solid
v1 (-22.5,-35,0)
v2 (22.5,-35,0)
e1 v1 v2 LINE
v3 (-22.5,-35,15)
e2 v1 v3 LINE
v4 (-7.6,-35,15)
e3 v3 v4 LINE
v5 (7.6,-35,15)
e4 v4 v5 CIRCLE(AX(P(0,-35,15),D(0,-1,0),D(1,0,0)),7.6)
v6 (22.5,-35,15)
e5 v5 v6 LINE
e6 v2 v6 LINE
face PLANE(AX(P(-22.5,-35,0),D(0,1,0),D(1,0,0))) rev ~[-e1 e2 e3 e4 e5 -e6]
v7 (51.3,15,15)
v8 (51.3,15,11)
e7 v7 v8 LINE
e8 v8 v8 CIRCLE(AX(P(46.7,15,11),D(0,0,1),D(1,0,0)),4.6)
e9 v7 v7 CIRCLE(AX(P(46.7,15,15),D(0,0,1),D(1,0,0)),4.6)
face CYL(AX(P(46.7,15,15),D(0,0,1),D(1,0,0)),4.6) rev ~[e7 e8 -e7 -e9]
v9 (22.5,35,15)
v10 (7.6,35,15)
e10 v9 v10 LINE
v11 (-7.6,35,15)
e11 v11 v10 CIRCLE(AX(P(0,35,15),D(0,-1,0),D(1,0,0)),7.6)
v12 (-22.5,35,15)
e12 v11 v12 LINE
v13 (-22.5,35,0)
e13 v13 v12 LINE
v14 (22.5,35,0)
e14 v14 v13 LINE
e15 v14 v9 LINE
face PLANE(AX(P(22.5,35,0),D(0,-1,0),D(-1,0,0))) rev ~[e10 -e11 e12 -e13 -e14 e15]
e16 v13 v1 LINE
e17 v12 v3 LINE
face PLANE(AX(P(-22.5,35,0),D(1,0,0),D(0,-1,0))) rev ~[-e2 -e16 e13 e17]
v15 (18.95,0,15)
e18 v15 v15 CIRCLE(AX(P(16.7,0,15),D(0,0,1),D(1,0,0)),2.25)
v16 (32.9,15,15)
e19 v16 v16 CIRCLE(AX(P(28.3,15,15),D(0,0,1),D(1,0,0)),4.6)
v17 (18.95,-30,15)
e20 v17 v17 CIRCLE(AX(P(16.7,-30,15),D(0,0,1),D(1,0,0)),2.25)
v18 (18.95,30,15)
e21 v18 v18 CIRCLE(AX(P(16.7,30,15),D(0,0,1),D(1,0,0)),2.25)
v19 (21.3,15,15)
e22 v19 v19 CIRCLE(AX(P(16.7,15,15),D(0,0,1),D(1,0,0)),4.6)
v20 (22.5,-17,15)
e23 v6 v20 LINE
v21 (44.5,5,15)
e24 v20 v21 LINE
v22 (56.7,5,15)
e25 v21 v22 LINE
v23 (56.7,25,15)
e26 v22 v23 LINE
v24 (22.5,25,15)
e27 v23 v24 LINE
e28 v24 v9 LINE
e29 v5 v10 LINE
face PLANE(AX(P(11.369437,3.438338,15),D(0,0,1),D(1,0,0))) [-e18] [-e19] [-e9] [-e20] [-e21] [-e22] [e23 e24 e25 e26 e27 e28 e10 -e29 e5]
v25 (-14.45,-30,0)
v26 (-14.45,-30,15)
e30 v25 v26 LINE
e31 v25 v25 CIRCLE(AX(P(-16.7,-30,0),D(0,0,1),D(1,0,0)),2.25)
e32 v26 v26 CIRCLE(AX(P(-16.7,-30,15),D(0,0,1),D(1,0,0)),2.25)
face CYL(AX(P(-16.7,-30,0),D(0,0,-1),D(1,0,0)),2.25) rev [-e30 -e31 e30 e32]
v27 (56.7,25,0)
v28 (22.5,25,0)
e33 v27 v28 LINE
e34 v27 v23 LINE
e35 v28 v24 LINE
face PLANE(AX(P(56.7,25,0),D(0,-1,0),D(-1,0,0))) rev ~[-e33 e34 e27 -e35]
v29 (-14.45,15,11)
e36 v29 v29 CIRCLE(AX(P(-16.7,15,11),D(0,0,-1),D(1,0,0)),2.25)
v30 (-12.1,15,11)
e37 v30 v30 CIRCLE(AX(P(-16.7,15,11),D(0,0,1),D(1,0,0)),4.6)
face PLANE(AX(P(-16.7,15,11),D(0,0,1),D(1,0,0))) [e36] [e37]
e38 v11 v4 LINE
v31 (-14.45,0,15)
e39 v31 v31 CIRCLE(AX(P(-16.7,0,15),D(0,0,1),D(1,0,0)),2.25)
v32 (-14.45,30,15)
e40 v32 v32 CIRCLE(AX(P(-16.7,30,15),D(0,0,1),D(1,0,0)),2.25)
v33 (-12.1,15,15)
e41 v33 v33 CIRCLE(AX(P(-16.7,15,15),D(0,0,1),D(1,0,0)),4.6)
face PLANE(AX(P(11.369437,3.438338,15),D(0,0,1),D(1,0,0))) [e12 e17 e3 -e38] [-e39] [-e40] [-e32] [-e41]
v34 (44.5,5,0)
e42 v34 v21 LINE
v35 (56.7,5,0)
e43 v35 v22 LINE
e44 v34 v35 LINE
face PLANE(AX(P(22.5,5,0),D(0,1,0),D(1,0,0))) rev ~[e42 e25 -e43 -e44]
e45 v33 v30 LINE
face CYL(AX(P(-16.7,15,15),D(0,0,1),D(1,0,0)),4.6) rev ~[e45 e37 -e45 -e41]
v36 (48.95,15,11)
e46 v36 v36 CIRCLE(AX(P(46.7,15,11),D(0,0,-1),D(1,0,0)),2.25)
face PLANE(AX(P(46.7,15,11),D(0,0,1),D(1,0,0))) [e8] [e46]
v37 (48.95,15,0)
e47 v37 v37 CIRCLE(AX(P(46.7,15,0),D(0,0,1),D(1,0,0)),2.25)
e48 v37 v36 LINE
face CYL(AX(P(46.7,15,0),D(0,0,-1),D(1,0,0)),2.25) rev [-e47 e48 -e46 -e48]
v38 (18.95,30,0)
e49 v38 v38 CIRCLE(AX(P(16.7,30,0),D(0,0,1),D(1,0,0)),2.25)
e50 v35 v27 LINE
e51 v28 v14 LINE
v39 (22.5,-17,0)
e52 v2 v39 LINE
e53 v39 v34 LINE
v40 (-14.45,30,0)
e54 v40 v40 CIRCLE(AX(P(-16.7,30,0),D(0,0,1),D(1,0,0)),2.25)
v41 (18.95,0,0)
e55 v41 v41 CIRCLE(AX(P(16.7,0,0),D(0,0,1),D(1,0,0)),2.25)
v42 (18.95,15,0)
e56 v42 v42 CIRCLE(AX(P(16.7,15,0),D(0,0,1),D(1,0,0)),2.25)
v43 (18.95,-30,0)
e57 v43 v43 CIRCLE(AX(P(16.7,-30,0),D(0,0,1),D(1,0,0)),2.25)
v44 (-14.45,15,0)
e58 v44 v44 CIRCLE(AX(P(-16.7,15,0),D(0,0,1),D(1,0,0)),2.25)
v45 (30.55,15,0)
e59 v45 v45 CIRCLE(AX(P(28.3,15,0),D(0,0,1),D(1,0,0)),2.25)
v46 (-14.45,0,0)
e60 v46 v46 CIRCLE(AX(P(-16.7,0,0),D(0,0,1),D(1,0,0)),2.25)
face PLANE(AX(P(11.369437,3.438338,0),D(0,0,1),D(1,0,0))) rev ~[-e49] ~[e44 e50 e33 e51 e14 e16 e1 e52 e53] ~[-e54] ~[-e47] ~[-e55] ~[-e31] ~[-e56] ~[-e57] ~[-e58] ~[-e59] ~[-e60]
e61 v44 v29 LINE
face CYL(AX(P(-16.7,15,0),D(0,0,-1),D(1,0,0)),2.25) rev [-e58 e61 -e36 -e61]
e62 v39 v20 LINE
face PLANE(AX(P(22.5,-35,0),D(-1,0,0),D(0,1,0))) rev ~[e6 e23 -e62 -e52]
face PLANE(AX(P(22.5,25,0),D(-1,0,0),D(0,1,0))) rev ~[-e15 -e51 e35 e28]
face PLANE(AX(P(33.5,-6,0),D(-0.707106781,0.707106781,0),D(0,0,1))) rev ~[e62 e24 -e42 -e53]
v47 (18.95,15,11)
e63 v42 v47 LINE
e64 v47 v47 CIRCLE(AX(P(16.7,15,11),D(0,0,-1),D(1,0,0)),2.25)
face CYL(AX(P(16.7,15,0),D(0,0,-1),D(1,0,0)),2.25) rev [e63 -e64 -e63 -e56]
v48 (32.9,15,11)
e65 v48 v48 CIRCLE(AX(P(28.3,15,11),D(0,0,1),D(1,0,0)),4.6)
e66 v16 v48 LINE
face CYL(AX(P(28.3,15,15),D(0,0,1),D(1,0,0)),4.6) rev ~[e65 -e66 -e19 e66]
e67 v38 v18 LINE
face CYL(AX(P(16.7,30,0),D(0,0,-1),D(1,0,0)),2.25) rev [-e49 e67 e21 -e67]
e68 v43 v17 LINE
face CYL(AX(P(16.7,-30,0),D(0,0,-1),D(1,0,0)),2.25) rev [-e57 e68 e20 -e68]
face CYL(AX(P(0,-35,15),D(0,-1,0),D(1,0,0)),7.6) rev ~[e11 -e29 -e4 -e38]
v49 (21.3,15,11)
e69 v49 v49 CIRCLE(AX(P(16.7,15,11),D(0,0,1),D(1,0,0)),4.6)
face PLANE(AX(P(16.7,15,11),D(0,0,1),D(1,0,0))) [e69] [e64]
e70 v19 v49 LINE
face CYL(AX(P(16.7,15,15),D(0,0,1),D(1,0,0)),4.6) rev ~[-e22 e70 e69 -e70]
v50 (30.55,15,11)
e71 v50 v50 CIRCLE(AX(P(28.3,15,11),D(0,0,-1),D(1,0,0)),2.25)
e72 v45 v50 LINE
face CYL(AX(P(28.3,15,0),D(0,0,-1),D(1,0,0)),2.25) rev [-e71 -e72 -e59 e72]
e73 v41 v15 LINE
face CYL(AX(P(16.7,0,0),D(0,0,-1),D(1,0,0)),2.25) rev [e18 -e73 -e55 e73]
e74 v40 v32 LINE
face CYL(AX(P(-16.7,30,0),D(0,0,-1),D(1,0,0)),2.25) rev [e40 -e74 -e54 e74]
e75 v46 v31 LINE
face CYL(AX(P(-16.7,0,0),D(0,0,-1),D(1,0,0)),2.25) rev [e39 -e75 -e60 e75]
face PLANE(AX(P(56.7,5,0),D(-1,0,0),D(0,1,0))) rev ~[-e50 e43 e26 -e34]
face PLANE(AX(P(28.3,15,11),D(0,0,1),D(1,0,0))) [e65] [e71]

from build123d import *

# Parameters (mm, degrees)
SKETCH_R        = 2.25
PAD_DEPTH       = 15
SKETCH001_R     = 7.6
POCKET_DEPTH    = 70.001
SKETCH002_R     = 4.6
POCKET001_DEPTH = 4
CHAMFER_SIZE    = 22


with BuildPart() as part:
    # Sketch → Pad (new body)
    with BuildSketch(Plane.XY):
        Polygon((-22.5, -35), (22.5, -35), (22.5, 5), (56.7, 5), (56.7, 25), (22.5, 25), (22.5, 35), (-22.5, 35), align=None)
        with Locations((-16.7, 30)):
            Circle(SKETCH_R, mode=Mode.SUBTRACT)
        with Locations((16.7, 30)):
            Circle(SKETCH_R, mode=Mode.SUBTRACT)
        with Locations((-16.7, -30)):
            Circle(SKETCH_R, mode=Mode.SUBTRACT)
        with Locations((16.7, -30)):
            Circle(SKETCH_R, mode=Mode.SUBTRACT)
        with Locations((-16.7, 0)):
            Circle(SKETCH_R, mode=Mode.SUBTRACT)
        with Locations((16.7, 0)):
            Circle(SKETCH_R, mode=Mode.SUBTRACT)
        with Locations((16.7, 15)):
            Circle(SKETCH_R, mode=Mode.SUBTRACT)
        with Locations((46.7, 15)):
            Circle(SKETCH_R, mode=Mode.SUBTRACT)
        with Locations((-16.7, 15)):
            Circle(SKETCH_R, mode=Mode.SUBTRACT)
        with Locations((28.3, 15)):
            Circle(SKETCH_R, mode=Mode.SUBTRACT)
    extrude(amount=PAD_DEPTH)

    # Sketch001 → Pocket (cut, through all)
    with BuildSketch(Plane.XZ.offset(35)):
        with Locations((0, 15)):
            Circle(SKETCH001_R)
    extrude(amount=-POCKET_DEPTH, mode=Mode.SUBTRACT)

    # Sketch002 → Pocket001 (cut)
    with BuildSketch(Plane.XY.offset(15)):
        with Locations((-16.7, 15)):
            Circle(SKETCH002_R)
        with Locations((16.7, 15)):
            Circle(SKETCH002_R)
        with Locations((28.3, 15)):
            Circle(SKETCH002_R)
        with Locations((46.7, 15)):
            Circle(SKETCH002_R)
    extrude(amount=-POCKET001_DEPTH, mode=Mode.SUBTRACT)

    # Chamfer
    chamfer_edges = [part.edges().sort_by_distance(p)[0] for p in [
        (22.5, 5, 7.5),
    ]]
    chamfer(chamfer_edges, length=CHAMFER_SIZE)


solid = part.part
